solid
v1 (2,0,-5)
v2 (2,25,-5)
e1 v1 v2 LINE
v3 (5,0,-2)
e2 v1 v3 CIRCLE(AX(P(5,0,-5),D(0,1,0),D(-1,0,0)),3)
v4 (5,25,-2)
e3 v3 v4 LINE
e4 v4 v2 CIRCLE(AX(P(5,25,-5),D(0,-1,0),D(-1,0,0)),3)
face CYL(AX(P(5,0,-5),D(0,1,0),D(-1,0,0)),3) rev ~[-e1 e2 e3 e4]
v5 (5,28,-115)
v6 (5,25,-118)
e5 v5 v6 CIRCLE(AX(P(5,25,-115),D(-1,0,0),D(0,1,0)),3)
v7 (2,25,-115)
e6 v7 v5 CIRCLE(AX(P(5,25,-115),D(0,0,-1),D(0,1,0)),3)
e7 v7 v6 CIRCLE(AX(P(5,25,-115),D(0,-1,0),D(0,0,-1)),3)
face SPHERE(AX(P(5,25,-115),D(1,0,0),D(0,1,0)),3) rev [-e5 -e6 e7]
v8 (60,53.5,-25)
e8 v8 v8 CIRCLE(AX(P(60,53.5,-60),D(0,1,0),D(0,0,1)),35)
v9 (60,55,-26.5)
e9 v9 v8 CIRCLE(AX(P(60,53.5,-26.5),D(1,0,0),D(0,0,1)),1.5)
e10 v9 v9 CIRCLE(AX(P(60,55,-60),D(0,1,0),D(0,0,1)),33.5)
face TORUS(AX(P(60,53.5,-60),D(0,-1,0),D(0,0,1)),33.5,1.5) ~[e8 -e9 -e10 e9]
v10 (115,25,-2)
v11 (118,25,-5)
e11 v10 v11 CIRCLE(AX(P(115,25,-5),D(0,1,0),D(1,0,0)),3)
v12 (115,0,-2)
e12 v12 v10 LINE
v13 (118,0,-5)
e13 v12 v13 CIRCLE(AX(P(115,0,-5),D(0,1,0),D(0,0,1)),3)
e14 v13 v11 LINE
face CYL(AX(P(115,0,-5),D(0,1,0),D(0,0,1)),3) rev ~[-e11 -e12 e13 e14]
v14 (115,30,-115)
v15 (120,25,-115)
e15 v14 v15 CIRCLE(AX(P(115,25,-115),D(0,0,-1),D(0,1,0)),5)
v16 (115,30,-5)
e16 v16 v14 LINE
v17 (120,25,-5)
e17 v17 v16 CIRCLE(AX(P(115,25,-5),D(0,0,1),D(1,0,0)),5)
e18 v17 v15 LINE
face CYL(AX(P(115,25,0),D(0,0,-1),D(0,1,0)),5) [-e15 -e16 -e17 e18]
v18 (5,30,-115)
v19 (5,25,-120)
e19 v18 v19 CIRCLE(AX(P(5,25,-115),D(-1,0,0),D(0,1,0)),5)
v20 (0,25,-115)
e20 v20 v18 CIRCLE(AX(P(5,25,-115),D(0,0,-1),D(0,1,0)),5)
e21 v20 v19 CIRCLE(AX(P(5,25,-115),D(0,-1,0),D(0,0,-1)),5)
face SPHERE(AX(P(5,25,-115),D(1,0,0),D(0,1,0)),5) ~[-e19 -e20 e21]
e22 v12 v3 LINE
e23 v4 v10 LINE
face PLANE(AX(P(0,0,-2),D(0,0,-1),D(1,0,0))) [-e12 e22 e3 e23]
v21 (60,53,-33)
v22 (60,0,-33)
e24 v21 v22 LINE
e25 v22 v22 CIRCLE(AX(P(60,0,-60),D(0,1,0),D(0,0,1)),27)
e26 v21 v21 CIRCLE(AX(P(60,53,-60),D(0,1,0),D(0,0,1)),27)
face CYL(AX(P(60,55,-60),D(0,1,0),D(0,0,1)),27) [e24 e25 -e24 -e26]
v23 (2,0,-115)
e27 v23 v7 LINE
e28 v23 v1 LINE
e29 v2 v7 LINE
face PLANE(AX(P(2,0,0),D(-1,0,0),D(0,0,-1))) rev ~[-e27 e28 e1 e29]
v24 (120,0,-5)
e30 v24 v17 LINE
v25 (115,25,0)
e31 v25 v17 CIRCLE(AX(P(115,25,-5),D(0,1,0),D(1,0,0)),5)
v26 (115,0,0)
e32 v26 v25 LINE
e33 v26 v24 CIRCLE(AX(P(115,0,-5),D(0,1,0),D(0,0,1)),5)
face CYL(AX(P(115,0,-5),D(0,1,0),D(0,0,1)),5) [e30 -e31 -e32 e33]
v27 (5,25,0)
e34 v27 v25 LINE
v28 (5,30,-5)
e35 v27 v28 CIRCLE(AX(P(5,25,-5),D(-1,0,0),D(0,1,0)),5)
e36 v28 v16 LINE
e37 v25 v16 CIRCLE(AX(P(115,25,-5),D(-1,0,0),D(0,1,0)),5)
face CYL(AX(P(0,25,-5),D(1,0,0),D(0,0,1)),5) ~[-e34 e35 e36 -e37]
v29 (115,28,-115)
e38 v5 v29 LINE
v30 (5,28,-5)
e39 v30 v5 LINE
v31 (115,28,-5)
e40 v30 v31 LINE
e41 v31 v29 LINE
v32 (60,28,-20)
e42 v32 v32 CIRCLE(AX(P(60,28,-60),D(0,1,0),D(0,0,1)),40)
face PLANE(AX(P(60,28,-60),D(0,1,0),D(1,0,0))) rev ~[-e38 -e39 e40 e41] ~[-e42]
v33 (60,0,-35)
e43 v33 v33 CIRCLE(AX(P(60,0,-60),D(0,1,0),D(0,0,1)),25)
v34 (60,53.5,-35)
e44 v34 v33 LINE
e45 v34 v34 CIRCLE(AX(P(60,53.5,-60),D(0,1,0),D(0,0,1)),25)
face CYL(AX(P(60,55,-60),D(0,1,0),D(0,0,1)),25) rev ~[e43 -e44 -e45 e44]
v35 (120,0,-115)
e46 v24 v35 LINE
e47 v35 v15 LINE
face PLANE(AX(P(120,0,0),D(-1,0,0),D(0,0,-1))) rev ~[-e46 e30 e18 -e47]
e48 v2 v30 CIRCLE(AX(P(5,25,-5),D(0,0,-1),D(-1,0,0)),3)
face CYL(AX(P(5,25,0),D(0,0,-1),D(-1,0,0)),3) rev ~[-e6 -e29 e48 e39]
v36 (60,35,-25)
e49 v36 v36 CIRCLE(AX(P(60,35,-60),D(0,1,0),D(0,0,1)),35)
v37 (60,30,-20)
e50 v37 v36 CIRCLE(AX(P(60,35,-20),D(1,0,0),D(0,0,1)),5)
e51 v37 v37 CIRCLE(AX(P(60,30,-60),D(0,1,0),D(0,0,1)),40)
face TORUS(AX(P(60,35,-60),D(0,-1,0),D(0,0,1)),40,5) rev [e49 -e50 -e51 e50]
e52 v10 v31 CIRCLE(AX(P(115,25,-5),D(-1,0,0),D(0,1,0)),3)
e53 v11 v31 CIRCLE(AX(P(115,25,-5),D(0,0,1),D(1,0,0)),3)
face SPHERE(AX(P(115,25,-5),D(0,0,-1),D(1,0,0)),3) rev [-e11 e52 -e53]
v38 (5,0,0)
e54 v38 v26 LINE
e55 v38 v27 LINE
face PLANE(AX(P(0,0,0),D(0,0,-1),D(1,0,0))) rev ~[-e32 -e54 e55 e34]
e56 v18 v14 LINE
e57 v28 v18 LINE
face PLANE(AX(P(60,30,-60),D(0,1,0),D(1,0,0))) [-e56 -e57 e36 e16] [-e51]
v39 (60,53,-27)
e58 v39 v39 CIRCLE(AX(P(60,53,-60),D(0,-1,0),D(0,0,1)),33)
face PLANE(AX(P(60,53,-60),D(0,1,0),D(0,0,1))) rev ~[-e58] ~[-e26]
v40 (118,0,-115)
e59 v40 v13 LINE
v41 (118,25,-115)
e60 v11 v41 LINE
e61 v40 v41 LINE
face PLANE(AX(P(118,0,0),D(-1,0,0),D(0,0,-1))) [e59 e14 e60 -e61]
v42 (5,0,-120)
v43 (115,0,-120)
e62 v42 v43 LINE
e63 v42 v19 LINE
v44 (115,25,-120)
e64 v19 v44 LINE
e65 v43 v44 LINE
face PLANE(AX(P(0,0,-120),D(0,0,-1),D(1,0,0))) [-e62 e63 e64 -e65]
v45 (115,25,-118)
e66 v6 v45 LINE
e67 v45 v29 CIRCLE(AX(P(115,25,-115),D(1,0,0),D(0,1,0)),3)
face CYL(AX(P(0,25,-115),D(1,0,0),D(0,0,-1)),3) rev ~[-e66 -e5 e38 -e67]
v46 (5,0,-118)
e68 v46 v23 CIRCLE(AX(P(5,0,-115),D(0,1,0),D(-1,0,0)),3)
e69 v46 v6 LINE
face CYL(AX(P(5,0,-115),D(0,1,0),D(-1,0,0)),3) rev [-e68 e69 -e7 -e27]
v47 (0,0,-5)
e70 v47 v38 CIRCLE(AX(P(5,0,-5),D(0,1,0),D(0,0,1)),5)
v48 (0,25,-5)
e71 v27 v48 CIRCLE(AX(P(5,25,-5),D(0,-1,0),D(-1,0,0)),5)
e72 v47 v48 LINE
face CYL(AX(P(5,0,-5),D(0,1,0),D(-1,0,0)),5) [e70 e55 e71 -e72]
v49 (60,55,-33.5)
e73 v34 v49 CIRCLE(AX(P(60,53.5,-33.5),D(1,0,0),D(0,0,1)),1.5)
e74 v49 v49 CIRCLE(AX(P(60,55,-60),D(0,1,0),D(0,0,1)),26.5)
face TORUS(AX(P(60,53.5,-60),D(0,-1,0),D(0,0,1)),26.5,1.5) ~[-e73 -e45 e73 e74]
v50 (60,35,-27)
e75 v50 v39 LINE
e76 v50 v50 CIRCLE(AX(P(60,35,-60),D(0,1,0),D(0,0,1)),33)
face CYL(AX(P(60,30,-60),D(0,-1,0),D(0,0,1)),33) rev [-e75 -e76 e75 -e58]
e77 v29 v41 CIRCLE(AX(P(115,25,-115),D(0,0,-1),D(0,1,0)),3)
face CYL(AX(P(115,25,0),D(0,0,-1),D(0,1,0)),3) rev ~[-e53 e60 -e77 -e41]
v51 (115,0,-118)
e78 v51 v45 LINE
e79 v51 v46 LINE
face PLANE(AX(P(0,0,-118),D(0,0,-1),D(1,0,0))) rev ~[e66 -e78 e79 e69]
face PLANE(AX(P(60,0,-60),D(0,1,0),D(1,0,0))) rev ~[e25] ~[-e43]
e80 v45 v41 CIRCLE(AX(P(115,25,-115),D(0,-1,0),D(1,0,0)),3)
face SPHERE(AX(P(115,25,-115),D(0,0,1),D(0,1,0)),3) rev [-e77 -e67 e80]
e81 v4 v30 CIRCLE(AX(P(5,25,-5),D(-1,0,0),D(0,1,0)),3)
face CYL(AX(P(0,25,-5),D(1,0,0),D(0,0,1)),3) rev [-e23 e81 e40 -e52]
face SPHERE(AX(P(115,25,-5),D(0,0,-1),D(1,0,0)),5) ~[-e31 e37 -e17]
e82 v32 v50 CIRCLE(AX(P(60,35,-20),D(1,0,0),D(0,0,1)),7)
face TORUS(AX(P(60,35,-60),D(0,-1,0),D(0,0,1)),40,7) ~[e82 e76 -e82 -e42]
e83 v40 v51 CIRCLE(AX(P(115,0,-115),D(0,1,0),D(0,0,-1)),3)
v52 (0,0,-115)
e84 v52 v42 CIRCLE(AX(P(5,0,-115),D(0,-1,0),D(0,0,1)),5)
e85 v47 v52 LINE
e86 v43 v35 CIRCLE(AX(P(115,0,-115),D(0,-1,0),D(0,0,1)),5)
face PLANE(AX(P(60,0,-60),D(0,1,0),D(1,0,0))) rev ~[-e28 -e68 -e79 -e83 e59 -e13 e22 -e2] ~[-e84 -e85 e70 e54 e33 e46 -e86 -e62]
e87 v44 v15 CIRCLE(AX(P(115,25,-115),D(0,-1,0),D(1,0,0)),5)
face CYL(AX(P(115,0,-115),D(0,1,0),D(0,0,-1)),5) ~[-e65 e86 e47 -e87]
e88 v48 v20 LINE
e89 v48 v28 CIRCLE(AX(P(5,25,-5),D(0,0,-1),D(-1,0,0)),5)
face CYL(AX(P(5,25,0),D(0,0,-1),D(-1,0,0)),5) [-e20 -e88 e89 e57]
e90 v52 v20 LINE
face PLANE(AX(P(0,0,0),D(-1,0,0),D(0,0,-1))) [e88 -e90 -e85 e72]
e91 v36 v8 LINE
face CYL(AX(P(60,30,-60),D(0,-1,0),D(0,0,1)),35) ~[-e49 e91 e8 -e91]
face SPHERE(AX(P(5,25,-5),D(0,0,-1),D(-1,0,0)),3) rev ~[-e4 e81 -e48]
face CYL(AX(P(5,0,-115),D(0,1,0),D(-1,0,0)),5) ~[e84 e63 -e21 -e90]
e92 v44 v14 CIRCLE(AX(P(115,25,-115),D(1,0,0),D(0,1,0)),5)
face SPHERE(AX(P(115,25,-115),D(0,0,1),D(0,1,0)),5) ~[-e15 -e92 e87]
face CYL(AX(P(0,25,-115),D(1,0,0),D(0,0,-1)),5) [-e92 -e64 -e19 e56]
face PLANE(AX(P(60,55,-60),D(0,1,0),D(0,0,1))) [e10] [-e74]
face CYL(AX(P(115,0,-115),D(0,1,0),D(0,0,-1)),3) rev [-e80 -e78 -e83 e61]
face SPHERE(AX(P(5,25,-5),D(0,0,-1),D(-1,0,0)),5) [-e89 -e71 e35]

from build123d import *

# Parameters (mm, degrees)
SKETCH2_W               = 120
SKETCH2_H               = 120
BOSS_EXTRUDE1_DEPTH     = 30
SKETCH4_R               = 35
BOSS_EXTRUDE2_DEPTH     = 25
SKETCH5_R               = 25
CUT_EXTRUDE1_DEPTH      = 179.395627749
CUT_EXTRUDE1_DEPTH_BACK = 179.395627749
FILLET1_R               = 5
FILLET2_R               = 1.5
SHELL1_T                = -2


with BuildPart() as part:
    # Sketch2 → Boss-Extrude1 (new body)
    with BuildSketch(Plane(origin=(0, 0, 0), x_dir=(1, 0, 0), z_dir=(0, 1, 0))):
        with Locations((60, 60)):
            Rectangle(SKETCH2_W, SKETCH2_H)
    extrude(amount=BOSS_EXTRUDE1_DEPTH)

    # Sketch4 → Boss-Extrude2 (add)
    with BuildSketch(Plane(origin=(0, 30, 0), x_dir=(1, 0, 0), z_dir=(0, 1, 0))):
        with Locations(Location((60, 60, 0), (0, 0, 270))):
            Circle(SKETCH4_R)
    extrude(amount=BOSS_EXTRUDE2_DEPTH)

    # Sketch5 → Cut-Extrude1 (cut, two sides)
    with BuildSketch(Plane(origin=(0, 55, 0), x_dir=(1, 0, 0), z_dir=(0, 1, 0))) as cut_extrude1_sk:
        with Locations(Location((60, 60, 0), (0, 0, 270))):
            Circle(SKETCH5_R)
    extrude(amount=CUT_EXTRUDE1_DEPTH, mode=Mode.SUBTRACT)
    extrude(cut_extrude1_sk.sketch, amount=-CUT_EXTRUDE1_DEPTH_BACK, mode=Mode.SUBTRACT)

    # Fillet1
    fillet1_edges = [part.edges().sort_by_distance(p)[0] for p in [
        (120, 30, -60),
        (60, 30, -95),
        (60, 30, -120),
        (0, 30, -60),
        (0, 15, -120),
        (120, 15, -120),
        (120, 15, 0),
        (0, 15, 0),
        (60, 30, 0),
    ]]
    fillet(fillet1_edges, radius=FILLET1_R)

    # Fillet2
    fillet2_edges = [part.edges().sort_by_distance(p)[0] for p in [
        (60, 55, -95),
        (60, 55, -85),
    ]]
    fillet(fillet2_edges, radius=FILLET2_R)

    # Shell1
    shell1_openings = [part.faces().sort_by_distance(p)[0] for p in [
        (60, 0, -1.697056275),
    ]]
    offset(amount=SHELL1_T, openings=shell1_openings, kind=Kind.INTERSECTION)


solid = part.part
